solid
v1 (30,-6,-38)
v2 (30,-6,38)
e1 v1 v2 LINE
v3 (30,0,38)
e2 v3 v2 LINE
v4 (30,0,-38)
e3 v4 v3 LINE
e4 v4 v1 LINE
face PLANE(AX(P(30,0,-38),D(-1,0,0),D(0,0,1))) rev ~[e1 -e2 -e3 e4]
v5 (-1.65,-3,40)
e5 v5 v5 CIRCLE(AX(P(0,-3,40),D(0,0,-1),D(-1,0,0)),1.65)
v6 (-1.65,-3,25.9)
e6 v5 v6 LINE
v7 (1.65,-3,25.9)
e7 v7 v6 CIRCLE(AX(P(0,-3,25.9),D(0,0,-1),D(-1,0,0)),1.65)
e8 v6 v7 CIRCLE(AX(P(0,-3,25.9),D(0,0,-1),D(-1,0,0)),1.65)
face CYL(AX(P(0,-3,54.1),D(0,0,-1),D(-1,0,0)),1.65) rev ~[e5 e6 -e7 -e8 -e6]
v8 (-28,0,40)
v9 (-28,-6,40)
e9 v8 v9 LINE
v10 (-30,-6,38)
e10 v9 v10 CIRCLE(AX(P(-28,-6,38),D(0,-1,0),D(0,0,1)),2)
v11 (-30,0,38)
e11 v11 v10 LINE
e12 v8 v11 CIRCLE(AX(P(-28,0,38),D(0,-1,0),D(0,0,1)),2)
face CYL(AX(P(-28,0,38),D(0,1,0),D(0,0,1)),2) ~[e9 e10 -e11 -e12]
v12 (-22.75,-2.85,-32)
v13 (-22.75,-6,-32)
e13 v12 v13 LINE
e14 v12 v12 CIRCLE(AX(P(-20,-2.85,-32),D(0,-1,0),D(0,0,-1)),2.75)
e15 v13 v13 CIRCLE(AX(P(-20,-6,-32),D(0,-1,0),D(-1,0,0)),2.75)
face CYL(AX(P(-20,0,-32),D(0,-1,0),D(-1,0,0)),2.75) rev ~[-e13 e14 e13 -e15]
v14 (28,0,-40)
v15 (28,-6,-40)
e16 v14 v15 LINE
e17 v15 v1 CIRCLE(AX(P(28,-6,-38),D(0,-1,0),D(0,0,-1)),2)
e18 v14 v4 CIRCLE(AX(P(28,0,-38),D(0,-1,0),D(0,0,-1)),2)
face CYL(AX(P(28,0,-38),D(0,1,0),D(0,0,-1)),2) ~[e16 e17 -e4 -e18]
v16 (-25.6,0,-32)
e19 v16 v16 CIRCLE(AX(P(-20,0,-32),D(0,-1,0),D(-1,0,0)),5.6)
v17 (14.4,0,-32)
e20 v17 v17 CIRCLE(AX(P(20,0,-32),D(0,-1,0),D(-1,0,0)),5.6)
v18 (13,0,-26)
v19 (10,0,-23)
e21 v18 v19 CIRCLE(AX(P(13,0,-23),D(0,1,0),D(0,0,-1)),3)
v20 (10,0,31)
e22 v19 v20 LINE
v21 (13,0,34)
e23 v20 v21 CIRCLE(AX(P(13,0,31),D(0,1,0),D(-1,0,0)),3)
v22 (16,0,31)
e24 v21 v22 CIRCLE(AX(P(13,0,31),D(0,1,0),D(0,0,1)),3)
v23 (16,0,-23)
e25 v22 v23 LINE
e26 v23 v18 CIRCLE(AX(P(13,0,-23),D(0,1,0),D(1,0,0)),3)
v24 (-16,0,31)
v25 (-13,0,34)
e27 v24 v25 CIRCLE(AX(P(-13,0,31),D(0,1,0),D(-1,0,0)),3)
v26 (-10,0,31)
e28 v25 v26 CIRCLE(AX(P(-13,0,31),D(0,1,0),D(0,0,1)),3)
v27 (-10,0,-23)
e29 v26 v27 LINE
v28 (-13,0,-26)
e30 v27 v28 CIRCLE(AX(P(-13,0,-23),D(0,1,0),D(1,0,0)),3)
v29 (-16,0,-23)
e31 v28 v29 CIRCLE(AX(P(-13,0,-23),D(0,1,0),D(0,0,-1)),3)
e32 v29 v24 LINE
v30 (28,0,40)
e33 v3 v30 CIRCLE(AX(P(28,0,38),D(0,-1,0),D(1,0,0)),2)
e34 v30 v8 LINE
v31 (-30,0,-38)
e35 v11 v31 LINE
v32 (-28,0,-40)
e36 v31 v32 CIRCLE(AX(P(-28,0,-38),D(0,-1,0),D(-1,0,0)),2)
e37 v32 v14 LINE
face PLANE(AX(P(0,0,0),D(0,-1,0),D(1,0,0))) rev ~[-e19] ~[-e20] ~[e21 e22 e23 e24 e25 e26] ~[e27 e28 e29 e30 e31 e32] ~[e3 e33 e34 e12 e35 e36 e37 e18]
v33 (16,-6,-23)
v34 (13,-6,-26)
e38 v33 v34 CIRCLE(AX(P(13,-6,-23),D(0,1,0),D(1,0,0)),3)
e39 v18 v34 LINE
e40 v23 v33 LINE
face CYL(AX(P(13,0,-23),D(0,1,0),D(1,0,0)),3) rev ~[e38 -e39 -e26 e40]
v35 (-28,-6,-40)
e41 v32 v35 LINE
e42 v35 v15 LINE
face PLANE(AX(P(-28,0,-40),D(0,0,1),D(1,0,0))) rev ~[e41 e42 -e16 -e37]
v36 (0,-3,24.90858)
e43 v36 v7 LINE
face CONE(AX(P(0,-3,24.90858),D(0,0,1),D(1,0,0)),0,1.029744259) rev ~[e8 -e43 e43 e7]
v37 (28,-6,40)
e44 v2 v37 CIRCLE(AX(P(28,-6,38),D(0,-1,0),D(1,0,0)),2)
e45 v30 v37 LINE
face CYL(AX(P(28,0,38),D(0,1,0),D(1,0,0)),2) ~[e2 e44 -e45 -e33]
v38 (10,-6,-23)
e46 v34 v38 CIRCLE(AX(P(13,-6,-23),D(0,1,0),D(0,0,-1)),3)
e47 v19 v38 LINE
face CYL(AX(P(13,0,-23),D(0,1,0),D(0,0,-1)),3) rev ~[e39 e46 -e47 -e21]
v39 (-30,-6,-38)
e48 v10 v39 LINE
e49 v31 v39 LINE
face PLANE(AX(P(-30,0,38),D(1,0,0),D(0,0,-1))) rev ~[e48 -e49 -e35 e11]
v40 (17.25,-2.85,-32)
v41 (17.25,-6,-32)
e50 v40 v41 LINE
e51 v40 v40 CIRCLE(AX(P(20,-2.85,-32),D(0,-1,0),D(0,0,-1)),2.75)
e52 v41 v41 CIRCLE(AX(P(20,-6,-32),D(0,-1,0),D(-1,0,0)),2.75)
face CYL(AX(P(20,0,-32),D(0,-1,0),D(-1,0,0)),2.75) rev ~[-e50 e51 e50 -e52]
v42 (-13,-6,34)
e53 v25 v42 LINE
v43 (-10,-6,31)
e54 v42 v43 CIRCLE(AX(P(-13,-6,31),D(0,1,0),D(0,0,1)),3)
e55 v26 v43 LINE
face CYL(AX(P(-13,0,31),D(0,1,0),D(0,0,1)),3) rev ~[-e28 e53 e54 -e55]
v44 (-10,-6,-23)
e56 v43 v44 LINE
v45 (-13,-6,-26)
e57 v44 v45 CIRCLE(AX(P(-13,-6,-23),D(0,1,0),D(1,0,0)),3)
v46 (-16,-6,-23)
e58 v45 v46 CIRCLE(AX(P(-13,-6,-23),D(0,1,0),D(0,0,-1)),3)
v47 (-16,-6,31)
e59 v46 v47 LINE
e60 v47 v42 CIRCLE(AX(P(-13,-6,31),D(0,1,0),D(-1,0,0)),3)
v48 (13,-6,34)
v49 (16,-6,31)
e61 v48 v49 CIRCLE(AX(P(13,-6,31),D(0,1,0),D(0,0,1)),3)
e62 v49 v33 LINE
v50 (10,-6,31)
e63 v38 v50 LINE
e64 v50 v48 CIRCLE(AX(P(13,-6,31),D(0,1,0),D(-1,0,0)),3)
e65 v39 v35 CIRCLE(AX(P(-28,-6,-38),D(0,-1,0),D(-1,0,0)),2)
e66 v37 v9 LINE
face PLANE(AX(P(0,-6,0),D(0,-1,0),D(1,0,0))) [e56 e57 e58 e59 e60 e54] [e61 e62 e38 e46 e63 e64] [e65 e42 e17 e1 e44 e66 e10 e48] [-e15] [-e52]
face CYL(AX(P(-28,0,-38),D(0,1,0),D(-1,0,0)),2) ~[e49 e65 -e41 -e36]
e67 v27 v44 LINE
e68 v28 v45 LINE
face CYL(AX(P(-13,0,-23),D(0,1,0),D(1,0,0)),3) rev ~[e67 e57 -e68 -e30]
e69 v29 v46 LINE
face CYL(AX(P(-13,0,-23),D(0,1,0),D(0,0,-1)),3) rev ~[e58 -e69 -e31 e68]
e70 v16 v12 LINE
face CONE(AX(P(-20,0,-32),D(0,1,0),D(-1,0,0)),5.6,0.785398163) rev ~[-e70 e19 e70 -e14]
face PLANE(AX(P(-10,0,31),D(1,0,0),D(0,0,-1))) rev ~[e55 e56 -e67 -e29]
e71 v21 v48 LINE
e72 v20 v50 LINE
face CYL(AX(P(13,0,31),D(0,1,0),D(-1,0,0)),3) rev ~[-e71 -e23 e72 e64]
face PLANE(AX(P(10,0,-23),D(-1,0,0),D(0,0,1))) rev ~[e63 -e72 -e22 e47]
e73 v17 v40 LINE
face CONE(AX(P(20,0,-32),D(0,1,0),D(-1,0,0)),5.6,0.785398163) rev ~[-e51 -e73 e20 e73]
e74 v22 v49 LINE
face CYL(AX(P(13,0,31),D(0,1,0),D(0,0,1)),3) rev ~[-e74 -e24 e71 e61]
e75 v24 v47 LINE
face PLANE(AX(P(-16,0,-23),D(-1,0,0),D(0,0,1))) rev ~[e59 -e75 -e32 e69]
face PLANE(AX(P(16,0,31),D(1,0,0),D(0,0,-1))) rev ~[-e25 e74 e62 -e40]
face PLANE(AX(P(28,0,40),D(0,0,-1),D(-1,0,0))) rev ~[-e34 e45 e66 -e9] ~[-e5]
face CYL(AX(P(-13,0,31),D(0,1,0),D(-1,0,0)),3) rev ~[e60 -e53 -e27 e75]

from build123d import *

# Parameters (mm, degrees)
F1_DEPTH       = 6
F2_D           = 5.5
F2_DEPTH       = 19
F2_CSINK_D     = 11.2
F2_CSINK_ANGLE = 90
F2_TIP         = 1.6523667023
F4_D           = 3.3
F4_DEPTH       = 14.1
F4_TIP         = 0.9914200214


with BuildPart() as f1:
    # F0 (on Front) → F1 (new body)
    with BuildSketch(Plane.XZ):
        with BuildLine():
            Line((28, 40), (-28, 40))
            ThreePointArc((-28, 40), (-29.4142135624, 39.4142135624), (-30, 38))
            Line((-30, 38), (-30, -38))
            ThreePointArc((-30, -38), (-29.4142135624, -39.4142135624), (-28, -40))
            Line((-28, -40), (28, -40))
            ThreePointArc((28, -40), (29.4142135624, -39.4142135624), (30, -38))
            Line((30, -38), (30, 38))
            ThreePointArc((30, 38), (29.4142135624, 39.4142135624), (28, 40))
        make_face()
        with BuildLine():
            Line((-16, -23), (-16, 31))
            ThreePointArc((-16, 31), (-15.1213203436, 33.1213203436), (-13, 34))
            ThreePointArc((-13, 34), (-10.8786796564, 33.1213203436), (-10, 31))
            Line((-10, 31), (-10, -23))
            ThreePointArc((-10, -23), (-10.8786796564, -25.1213203436), (-13, -26))
            ThreePointArc((-13, -26), (-15.1213203436, -25.1213203436), (-16, -23))
        make_face(mode=Mode.SUBTRACT)
        with BuildLine():
            Line((10, -23), (10, 31))
            ThreePointArc((10, 31), (10.8786796564, 33.1213203436), (13, 34))
            ThreePointArc((13, 34), (15.1213203436, 33.1213203436), (16, 31))
            Line((16, 31), (16, -23))
            ThreePointArc((16, -23), (15.1213203436, -25.1213203436), (13, -26))
            ThreePointArc((13, -26), (10.8786796564, -25.1213203436), (10, -23))
        make_face(mode=Mode.SUBTRACT)
    extrude(amount=F1_DEPTH)

    # F2
    with Locations(Plane(origin=(0, 0, 0), x_dir=(1, 0, 0), z_dir=(0, 1, 0))):
        with Locations((-20, 32), (20, 32)):
            CounterSinkHole(F2_D / 2, F2_CSINK_D / 2, depth=F2_DEPTH, counter_sink_angle=F2_CSINK_ANGLE)
            with Locations((0, 0, -(F2_DEPTH + F2_TIP / 2))):  # 118° drill point
                Cone(0, F2_D / 2, F2_TIP, mode=Mode.SUBTRACT)

    # F4
    with Locations(Plane.XY.offset(40)):
        with Locations((0, -3)):
            Hole(F4_D / 2, depth=F4_DEPTH)
            with Locations((0, 0, -(F4_DEPTH + F4_TIP / 2))):  # 118° drill point
                Cone(0, F4_D / 2, F4_TIP, mode=Mode.SUBTRACT)


solid = f1.part
